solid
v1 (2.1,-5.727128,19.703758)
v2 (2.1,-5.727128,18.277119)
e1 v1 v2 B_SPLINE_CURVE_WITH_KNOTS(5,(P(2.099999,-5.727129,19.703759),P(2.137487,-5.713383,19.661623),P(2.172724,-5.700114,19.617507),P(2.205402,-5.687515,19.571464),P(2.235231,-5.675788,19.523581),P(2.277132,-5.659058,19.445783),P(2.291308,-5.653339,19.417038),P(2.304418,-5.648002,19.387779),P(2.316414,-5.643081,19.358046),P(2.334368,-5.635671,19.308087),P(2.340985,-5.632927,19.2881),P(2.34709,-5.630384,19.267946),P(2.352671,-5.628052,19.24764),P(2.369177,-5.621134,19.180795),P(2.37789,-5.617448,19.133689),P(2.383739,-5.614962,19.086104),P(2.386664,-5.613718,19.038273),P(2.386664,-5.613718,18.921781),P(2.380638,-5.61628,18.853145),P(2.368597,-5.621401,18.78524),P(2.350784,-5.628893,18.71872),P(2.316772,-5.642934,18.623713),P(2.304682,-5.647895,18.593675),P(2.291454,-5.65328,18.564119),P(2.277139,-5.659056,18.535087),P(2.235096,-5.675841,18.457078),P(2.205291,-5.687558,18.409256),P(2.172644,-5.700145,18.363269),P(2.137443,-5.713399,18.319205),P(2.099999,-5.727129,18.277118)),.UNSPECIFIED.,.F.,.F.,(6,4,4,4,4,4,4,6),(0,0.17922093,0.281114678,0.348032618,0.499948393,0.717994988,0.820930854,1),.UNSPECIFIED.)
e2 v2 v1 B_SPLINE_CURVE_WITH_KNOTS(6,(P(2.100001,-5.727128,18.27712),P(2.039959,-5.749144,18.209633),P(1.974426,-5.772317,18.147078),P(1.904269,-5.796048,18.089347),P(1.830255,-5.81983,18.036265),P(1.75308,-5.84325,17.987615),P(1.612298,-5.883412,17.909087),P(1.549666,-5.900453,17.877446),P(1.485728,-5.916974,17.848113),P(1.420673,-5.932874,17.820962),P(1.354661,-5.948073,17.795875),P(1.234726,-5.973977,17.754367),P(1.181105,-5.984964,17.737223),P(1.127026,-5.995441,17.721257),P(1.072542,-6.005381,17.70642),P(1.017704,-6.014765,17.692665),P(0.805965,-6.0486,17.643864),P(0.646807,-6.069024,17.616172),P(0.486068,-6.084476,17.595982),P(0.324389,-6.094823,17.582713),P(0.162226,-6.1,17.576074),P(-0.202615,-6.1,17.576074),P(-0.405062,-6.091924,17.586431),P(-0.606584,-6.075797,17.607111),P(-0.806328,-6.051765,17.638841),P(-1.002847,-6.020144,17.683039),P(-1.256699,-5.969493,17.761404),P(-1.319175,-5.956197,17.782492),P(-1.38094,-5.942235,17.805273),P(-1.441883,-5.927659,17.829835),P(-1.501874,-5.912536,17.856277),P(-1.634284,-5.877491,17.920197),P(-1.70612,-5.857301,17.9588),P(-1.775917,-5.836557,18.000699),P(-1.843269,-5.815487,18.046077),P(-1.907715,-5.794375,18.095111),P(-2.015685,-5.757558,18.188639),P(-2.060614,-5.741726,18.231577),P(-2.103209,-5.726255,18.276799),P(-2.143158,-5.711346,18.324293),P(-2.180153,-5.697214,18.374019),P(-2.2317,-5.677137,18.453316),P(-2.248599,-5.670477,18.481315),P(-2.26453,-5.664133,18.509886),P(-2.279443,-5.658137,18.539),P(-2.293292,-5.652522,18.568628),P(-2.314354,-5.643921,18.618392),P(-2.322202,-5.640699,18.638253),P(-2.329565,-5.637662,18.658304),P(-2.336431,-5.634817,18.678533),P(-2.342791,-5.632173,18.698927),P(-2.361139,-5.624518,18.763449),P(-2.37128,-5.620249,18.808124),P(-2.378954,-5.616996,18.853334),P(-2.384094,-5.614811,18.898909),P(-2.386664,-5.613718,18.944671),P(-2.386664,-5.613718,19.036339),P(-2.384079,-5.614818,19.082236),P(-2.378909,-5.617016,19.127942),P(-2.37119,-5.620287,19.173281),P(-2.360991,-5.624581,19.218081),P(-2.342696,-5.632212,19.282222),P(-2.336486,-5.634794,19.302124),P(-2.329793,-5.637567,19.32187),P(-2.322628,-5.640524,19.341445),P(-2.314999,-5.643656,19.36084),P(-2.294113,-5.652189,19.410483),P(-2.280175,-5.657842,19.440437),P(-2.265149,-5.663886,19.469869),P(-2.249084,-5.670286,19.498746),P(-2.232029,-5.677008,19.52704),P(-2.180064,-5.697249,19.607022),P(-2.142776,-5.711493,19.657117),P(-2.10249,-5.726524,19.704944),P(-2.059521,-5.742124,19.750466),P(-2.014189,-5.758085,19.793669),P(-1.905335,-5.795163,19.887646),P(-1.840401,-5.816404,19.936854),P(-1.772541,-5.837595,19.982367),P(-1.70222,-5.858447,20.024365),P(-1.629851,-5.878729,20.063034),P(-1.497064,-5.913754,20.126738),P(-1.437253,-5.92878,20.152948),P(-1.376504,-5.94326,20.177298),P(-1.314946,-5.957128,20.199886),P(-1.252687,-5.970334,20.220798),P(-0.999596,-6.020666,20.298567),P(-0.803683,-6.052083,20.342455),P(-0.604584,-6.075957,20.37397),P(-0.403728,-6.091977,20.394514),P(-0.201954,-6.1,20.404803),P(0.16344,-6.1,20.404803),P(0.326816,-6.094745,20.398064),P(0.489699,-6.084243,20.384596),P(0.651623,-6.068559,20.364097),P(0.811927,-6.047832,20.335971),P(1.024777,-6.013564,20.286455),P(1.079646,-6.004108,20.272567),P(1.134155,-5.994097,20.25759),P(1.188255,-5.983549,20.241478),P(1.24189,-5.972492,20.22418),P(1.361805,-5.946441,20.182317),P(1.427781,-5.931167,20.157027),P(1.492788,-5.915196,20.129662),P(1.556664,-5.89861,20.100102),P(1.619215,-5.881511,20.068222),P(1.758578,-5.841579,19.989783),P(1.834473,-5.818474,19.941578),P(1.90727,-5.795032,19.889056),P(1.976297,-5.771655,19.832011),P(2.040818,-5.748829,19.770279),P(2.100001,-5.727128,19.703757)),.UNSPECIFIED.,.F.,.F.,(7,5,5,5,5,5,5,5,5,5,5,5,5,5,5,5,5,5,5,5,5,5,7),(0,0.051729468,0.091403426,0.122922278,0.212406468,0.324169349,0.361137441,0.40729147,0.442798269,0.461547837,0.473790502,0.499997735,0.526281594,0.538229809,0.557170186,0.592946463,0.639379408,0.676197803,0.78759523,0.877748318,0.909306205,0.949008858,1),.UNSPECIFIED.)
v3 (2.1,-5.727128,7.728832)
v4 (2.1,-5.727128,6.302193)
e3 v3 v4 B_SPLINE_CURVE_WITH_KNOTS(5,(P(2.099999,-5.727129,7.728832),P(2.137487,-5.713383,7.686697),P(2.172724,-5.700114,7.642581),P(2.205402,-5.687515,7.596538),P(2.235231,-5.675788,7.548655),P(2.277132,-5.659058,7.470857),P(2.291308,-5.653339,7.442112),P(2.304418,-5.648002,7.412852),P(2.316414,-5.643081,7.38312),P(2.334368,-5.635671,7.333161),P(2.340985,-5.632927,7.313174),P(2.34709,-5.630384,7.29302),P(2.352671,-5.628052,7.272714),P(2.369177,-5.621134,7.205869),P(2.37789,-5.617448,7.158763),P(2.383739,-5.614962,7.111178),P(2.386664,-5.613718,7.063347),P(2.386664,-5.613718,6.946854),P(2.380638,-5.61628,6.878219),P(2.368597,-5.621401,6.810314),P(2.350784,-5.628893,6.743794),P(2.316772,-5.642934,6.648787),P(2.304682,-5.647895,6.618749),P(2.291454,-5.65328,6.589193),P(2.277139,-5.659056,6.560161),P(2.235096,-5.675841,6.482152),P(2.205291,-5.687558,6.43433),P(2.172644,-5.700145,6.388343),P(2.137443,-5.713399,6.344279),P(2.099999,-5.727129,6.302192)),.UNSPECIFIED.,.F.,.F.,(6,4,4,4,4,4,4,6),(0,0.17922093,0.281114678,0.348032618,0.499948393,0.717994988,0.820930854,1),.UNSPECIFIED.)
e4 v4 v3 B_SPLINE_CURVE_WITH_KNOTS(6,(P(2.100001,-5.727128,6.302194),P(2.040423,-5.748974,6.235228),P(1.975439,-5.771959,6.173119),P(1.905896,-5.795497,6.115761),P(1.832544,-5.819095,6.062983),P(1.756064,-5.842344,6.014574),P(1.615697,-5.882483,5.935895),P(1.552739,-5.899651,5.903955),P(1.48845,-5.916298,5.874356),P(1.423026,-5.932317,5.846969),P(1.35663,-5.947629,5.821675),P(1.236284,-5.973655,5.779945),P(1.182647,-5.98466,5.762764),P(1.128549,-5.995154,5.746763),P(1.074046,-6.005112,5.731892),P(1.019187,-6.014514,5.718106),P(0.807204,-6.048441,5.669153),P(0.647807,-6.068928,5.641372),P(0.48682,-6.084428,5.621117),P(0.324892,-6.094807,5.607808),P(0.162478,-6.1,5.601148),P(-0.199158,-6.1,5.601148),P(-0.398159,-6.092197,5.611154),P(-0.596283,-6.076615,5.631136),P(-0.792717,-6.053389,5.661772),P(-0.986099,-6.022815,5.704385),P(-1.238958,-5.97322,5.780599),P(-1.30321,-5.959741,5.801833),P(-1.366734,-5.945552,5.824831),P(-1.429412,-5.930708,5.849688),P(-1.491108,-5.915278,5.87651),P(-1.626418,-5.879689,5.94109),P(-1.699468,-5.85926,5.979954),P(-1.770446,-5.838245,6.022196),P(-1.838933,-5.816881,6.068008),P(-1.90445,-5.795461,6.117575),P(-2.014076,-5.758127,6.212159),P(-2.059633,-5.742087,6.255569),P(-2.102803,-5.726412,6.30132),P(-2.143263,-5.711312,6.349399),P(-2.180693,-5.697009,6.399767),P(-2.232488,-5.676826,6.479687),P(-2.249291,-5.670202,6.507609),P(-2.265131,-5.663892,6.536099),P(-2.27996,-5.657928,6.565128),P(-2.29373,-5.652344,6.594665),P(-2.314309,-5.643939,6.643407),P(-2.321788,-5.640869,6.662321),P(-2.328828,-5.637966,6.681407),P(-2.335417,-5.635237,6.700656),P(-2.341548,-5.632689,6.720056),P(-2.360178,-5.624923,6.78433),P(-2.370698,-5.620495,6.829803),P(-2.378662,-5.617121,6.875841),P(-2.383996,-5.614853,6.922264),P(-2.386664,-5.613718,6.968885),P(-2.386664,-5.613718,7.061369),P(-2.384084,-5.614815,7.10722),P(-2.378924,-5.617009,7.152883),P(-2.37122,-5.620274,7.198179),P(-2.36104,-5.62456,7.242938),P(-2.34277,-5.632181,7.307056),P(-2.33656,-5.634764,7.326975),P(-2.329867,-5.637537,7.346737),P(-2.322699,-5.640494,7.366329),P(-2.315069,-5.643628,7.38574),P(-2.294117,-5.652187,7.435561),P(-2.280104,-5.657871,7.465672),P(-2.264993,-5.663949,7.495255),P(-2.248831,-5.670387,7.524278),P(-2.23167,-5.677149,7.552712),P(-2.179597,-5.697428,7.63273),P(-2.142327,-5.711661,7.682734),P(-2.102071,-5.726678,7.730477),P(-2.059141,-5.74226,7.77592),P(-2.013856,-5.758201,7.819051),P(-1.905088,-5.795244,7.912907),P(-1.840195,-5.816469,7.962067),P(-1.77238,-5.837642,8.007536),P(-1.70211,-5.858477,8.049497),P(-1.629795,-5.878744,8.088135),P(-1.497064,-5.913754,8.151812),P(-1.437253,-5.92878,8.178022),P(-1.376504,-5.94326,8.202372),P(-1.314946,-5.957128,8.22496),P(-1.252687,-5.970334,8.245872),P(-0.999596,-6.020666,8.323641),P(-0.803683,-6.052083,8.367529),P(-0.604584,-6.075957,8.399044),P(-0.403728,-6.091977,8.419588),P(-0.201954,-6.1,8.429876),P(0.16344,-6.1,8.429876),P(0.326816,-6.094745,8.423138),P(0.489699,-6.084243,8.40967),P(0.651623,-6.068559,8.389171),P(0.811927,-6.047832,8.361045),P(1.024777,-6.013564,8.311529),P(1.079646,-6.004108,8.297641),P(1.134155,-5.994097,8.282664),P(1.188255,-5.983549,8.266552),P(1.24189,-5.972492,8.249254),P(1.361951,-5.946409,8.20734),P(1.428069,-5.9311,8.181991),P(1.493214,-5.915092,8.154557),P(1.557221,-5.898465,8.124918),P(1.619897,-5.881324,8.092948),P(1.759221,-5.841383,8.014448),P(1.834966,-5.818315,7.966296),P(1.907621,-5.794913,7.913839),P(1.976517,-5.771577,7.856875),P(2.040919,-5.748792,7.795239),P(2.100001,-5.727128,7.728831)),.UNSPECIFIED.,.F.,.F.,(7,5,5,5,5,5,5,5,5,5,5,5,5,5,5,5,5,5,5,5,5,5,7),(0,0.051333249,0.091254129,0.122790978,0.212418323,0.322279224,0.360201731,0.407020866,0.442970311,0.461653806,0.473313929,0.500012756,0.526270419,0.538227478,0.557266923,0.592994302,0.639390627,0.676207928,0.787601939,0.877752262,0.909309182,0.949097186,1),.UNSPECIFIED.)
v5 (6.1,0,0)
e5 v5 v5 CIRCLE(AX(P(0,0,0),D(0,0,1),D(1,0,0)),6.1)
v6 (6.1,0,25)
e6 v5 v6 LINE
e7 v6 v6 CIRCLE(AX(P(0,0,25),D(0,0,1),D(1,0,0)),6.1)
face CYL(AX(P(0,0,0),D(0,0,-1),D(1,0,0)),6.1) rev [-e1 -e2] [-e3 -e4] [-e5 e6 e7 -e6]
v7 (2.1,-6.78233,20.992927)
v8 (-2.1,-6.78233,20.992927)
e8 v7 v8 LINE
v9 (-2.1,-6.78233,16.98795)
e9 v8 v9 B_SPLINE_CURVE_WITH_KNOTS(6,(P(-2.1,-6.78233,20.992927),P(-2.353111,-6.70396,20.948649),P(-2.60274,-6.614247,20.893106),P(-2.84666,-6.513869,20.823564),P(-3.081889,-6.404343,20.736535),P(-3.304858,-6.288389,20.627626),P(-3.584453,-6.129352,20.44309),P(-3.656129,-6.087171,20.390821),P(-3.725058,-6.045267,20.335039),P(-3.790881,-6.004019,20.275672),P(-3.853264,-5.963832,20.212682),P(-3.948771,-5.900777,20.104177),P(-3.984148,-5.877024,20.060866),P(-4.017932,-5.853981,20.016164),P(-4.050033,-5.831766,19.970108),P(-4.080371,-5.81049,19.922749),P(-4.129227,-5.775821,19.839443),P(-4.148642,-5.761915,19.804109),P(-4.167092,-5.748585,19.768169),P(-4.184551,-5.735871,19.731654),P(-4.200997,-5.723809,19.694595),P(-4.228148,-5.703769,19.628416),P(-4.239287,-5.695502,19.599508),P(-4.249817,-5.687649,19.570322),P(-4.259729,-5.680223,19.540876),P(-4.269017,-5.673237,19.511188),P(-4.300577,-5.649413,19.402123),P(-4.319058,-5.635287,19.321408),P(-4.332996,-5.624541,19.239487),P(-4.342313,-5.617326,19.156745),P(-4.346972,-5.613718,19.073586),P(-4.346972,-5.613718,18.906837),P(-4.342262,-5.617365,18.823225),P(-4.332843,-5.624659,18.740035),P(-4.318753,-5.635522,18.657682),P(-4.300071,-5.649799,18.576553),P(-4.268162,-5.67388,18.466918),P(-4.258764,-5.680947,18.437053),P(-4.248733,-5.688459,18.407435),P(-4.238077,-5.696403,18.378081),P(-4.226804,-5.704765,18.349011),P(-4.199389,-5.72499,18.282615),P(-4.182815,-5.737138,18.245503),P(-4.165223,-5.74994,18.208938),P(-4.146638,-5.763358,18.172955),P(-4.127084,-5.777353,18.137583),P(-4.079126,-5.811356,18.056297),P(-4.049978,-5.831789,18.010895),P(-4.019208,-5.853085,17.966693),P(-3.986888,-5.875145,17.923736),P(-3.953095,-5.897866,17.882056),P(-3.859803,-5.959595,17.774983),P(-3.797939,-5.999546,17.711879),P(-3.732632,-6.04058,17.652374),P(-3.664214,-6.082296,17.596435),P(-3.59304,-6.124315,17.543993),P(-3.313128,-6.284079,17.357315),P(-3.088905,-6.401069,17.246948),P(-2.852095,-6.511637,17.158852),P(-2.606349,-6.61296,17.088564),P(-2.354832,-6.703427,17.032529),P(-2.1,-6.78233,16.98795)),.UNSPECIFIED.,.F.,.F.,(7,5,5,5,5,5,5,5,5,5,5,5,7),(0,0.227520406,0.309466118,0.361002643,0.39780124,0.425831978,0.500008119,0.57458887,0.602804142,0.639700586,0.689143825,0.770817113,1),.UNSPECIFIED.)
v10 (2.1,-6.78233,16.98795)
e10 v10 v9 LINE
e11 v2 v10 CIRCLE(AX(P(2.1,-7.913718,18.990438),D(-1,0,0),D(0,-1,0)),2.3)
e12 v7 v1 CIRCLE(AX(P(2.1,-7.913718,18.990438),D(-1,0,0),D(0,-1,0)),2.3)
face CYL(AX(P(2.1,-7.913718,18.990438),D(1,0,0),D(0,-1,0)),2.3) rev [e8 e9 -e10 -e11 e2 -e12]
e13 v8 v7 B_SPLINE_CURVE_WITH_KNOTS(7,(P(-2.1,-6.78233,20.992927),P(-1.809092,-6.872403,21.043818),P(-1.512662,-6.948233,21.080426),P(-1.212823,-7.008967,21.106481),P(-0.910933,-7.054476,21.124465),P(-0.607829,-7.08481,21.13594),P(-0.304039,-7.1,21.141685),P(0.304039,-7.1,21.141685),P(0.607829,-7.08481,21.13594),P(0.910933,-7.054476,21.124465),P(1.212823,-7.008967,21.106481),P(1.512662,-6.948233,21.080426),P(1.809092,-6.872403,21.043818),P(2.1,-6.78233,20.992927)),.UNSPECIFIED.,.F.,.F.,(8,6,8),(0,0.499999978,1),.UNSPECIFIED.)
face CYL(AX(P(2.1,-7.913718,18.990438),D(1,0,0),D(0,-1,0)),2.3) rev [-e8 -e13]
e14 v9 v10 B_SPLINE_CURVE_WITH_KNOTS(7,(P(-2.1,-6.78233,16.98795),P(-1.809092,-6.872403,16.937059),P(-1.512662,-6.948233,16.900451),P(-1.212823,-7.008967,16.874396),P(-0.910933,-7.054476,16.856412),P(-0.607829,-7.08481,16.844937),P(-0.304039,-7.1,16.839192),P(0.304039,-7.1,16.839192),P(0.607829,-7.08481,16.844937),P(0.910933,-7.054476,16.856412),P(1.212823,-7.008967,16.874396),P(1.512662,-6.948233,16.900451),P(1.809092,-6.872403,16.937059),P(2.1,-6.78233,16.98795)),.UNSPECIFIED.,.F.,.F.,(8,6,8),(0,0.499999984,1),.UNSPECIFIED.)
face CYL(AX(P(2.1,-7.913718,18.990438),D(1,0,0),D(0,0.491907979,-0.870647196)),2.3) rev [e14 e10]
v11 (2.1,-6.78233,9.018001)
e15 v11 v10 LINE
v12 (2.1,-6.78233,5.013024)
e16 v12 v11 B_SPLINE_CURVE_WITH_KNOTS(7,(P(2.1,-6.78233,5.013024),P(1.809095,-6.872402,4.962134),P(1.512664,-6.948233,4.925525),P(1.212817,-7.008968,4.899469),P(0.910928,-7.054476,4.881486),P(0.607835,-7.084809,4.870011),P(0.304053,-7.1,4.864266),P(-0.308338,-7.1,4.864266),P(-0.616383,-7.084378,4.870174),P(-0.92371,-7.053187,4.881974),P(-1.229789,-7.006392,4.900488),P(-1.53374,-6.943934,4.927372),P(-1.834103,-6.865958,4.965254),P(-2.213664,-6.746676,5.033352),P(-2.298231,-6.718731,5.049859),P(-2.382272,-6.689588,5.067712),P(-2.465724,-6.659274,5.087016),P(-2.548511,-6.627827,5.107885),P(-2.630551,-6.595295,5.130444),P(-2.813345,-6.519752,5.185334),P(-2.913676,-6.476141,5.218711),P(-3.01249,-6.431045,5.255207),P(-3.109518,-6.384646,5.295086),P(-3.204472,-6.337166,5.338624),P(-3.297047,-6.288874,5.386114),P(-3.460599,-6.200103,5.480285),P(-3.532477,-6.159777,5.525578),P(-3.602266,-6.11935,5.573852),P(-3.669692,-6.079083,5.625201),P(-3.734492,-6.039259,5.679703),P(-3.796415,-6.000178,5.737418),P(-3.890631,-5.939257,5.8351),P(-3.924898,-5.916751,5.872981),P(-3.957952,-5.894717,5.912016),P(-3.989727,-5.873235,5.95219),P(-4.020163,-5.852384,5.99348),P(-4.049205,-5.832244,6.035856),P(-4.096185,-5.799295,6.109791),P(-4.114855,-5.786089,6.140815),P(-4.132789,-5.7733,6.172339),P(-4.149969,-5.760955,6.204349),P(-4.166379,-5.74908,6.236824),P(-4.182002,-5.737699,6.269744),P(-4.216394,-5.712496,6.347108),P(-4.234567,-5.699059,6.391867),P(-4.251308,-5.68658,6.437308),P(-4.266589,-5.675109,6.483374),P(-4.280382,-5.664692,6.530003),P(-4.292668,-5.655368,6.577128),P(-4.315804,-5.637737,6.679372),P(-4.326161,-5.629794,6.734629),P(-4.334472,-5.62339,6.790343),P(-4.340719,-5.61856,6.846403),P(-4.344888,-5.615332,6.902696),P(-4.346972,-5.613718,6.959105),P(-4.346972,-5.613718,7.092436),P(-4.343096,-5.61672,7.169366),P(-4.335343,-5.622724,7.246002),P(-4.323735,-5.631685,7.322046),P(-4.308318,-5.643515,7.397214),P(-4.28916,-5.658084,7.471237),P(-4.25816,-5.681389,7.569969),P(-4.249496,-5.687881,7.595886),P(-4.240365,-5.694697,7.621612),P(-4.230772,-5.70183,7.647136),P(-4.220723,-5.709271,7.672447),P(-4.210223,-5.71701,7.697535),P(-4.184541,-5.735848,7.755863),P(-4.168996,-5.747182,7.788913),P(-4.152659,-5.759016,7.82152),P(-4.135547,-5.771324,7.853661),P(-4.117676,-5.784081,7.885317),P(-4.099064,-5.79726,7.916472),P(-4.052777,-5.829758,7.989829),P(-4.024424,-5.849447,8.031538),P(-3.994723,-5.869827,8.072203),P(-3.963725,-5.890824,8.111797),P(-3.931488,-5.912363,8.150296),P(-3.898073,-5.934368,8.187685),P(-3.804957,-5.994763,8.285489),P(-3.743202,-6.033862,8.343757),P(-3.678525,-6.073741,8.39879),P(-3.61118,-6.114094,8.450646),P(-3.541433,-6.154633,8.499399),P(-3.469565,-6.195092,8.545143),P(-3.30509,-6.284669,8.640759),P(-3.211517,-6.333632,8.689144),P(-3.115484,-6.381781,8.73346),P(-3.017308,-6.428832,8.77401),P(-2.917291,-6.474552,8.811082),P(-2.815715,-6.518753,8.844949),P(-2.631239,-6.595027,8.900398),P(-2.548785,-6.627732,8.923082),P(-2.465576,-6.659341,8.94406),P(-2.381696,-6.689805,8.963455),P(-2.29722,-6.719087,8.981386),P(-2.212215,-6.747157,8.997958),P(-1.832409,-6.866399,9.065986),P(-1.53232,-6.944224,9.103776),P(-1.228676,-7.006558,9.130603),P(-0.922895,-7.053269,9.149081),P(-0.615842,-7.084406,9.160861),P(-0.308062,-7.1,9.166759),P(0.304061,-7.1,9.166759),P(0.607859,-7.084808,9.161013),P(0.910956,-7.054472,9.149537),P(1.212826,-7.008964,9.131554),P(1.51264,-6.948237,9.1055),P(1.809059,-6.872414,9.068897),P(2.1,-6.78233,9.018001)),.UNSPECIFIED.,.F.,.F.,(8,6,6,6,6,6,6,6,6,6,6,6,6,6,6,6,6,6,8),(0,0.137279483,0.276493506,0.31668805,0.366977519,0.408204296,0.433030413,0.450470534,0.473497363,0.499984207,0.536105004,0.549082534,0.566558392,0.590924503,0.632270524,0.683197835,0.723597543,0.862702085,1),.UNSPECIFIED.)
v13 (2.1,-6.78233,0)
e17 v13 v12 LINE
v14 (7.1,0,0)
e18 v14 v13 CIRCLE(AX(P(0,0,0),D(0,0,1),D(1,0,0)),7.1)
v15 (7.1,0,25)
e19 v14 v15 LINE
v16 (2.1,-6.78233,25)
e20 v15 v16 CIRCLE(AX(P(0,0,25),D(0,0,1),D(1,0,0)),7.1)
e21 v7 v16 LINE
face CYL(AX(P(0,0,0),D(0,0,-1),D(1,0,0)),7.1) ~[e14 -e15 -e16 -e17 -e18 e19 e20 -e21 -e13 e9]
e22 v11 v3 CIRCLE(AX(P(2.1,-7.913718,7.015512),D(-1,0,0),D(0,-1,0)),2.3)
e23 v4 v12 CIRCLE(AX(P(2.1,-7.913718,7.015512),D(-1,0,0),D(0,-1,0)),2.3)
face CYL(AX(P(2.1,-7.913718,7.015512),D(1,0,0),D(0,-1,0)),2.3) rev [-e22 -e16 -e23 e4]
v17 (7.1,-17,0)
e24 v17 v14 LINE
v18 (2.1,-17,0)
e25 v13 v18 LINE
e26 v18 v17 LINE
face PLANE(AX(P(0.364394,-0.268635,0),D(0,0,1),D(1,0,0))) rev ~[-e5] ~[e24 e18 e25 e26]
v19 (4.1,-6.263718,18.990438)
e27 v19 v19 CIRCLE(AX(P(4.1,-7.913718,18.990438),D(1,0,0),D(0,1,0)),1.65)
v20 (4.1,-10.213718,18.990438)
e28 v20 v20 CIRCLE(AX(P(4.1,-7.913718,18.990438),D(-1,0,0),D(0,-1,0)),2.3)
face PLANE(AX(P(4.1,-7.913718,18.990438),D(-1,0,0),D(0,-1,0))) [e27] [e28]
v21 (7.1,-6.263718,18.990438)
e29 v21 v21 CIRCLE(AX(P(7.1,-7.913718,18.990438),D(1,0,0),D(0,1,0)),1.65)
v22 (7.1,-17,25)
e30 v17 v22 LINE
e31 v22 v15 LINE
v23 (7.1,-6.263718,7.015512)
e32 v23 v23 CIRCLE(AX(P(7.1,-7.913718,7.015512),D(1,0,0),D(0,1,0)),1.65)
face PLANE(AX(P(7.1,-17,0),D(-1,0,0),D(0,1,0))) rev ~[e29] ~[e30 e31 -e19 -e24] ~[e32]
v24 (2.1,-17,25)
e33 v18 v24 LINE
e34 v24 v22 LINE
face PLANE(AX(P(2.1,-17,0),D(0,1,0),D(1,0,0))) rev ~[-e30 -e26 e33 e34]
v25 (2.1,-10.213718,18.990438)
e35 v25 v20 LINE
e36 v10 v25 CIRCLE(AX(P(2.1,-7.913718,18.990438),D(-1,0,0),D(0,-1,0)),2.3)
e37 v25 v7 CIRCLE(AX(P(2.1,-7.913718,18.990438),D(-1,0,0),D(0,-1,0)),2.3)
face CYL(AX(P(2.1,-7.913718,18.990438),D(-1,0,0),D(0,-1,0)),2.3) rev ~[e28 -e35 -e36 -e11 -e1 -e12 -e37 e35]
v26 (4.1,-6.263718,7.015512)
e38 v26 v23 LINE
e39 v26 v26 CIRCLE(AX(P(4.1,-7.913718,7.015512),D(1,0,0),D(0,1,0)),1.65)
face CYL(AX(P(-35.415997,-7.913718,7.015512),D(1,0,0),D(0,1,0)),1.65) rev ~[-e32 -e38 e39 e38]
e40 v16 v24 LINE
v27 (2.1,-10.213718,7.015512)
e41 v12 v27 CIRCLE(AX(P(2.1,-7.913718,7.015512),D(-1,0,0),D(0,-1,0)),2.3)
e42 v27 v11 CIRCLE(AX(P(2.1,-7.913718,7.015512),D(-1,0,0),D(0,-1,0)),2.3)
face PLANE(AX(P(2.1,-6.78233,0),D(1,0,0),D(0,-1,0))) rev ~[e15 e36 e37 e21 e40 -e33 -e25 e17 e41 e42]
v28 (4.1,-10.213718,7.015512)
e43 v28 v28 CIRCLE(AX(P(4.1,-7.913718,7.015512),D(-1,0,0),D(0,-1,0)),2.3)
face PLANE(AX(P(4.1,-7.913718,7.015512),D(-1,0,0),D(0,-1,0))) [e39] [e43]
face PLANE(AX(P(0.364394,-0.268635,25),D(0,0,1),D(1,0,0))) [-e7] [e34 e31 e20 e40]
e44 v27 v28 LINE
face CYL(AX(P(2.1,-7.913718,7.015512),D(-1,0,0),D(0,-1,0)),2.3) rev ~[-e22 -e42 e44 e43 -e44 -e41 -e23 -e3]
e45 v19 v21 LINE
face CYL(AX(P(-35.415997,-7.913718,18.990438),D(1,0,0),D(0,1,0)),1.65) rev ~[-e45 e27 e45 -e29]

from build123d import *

# Parameters (mm, degrees)
F0_R     = 6.1
F1_DEPTH = 25
F2_R     = 2.3
F3_DEPTH = 25
F4_DEPTH = 2
F5_D     = 3.3


with BuildPart() as f1:
    # F0 (on Top) → F1 (new body)
    with BuildSketch(Plane.XY):
        with BuildLine():
            ThreePointArc((2.1, -6.7823299831), (5.7148928249, -4.2130748866), (7.1, 0))
            ThreePointArc((7.1, 0), (-5.7148928249, 4.2130748866), (2.1, -6.7823299831))
        make_face()
        Circle(F0_R, mode=Mode.SUBTRACT)
        with BuildLine():
            Line((7.1, -17), (7.1, 0))
            ThreePointArc((7.1, 0), (5.7148928249, -4.2130748866), (2.1, -6.7823299831))
            Line((2.1, -6.7823299831), (2.1, -17))
            Line((2.1, -17), (7.1, -17))
        make_face()
    extrude(amount=F1_DEPTH)

    # F2 (on face) → F3 (cut)
    with BuildSketch(Plane(origin=(2.1, 0, 0), x_dir=(0, -1, 0), z_dir=(-1, 0, 0))):
        with BuildLine():
            ThreePointArc((6.7823299831, 16.9879498806), (9.0729868094, 17.0039599884), (10.2137183353, 18.9904384315))
            ThreePointArc((10.2137183353, 18.9904384315), (9.0729868094, 20.9769168746), (6.7823299831, 20.9929269824))
            Line((6.7823299831, 20.9929269824), (6.7823299831, 16.9879498806))
        make_face()
        with Locations((7.9137183353, 18.9904384315)):
            Circle(F2_R)
        with Locations((7.9137183353, 7.0155123249)):
            Circle(F2_R)
    extrude(amount=F3_DEPTH, mode=Mode.SUBTRACT)

    # F2 (on face) → F4 (cut)
    with BuildSketch(Plane(origin=(2.1, 0, 0), x_dir=(0, -1, 0), z_dir=(-1, 0, 0))):
        with Locations((7.9137183353, 18.9904384315)):
            Circle(F2_R)
        with Locations((7.9137183353, 7.0155123249)):
            Circle(F2_R)
    extrude(amount=-F4_DEPTH, mode=Mode.SUBTRACT)

    # F5 (through all)
    with Locations(Plane(origin=(2.1, 0, 0), x_dir=(0, -1, 0), z_dir=(-1, 0, 0))):
        with Locations((7.9137183353, 7.0155123249), (7.9137183353, 18.9904384315)):
            Hole(F5_D / 2)


solid = f1.part
